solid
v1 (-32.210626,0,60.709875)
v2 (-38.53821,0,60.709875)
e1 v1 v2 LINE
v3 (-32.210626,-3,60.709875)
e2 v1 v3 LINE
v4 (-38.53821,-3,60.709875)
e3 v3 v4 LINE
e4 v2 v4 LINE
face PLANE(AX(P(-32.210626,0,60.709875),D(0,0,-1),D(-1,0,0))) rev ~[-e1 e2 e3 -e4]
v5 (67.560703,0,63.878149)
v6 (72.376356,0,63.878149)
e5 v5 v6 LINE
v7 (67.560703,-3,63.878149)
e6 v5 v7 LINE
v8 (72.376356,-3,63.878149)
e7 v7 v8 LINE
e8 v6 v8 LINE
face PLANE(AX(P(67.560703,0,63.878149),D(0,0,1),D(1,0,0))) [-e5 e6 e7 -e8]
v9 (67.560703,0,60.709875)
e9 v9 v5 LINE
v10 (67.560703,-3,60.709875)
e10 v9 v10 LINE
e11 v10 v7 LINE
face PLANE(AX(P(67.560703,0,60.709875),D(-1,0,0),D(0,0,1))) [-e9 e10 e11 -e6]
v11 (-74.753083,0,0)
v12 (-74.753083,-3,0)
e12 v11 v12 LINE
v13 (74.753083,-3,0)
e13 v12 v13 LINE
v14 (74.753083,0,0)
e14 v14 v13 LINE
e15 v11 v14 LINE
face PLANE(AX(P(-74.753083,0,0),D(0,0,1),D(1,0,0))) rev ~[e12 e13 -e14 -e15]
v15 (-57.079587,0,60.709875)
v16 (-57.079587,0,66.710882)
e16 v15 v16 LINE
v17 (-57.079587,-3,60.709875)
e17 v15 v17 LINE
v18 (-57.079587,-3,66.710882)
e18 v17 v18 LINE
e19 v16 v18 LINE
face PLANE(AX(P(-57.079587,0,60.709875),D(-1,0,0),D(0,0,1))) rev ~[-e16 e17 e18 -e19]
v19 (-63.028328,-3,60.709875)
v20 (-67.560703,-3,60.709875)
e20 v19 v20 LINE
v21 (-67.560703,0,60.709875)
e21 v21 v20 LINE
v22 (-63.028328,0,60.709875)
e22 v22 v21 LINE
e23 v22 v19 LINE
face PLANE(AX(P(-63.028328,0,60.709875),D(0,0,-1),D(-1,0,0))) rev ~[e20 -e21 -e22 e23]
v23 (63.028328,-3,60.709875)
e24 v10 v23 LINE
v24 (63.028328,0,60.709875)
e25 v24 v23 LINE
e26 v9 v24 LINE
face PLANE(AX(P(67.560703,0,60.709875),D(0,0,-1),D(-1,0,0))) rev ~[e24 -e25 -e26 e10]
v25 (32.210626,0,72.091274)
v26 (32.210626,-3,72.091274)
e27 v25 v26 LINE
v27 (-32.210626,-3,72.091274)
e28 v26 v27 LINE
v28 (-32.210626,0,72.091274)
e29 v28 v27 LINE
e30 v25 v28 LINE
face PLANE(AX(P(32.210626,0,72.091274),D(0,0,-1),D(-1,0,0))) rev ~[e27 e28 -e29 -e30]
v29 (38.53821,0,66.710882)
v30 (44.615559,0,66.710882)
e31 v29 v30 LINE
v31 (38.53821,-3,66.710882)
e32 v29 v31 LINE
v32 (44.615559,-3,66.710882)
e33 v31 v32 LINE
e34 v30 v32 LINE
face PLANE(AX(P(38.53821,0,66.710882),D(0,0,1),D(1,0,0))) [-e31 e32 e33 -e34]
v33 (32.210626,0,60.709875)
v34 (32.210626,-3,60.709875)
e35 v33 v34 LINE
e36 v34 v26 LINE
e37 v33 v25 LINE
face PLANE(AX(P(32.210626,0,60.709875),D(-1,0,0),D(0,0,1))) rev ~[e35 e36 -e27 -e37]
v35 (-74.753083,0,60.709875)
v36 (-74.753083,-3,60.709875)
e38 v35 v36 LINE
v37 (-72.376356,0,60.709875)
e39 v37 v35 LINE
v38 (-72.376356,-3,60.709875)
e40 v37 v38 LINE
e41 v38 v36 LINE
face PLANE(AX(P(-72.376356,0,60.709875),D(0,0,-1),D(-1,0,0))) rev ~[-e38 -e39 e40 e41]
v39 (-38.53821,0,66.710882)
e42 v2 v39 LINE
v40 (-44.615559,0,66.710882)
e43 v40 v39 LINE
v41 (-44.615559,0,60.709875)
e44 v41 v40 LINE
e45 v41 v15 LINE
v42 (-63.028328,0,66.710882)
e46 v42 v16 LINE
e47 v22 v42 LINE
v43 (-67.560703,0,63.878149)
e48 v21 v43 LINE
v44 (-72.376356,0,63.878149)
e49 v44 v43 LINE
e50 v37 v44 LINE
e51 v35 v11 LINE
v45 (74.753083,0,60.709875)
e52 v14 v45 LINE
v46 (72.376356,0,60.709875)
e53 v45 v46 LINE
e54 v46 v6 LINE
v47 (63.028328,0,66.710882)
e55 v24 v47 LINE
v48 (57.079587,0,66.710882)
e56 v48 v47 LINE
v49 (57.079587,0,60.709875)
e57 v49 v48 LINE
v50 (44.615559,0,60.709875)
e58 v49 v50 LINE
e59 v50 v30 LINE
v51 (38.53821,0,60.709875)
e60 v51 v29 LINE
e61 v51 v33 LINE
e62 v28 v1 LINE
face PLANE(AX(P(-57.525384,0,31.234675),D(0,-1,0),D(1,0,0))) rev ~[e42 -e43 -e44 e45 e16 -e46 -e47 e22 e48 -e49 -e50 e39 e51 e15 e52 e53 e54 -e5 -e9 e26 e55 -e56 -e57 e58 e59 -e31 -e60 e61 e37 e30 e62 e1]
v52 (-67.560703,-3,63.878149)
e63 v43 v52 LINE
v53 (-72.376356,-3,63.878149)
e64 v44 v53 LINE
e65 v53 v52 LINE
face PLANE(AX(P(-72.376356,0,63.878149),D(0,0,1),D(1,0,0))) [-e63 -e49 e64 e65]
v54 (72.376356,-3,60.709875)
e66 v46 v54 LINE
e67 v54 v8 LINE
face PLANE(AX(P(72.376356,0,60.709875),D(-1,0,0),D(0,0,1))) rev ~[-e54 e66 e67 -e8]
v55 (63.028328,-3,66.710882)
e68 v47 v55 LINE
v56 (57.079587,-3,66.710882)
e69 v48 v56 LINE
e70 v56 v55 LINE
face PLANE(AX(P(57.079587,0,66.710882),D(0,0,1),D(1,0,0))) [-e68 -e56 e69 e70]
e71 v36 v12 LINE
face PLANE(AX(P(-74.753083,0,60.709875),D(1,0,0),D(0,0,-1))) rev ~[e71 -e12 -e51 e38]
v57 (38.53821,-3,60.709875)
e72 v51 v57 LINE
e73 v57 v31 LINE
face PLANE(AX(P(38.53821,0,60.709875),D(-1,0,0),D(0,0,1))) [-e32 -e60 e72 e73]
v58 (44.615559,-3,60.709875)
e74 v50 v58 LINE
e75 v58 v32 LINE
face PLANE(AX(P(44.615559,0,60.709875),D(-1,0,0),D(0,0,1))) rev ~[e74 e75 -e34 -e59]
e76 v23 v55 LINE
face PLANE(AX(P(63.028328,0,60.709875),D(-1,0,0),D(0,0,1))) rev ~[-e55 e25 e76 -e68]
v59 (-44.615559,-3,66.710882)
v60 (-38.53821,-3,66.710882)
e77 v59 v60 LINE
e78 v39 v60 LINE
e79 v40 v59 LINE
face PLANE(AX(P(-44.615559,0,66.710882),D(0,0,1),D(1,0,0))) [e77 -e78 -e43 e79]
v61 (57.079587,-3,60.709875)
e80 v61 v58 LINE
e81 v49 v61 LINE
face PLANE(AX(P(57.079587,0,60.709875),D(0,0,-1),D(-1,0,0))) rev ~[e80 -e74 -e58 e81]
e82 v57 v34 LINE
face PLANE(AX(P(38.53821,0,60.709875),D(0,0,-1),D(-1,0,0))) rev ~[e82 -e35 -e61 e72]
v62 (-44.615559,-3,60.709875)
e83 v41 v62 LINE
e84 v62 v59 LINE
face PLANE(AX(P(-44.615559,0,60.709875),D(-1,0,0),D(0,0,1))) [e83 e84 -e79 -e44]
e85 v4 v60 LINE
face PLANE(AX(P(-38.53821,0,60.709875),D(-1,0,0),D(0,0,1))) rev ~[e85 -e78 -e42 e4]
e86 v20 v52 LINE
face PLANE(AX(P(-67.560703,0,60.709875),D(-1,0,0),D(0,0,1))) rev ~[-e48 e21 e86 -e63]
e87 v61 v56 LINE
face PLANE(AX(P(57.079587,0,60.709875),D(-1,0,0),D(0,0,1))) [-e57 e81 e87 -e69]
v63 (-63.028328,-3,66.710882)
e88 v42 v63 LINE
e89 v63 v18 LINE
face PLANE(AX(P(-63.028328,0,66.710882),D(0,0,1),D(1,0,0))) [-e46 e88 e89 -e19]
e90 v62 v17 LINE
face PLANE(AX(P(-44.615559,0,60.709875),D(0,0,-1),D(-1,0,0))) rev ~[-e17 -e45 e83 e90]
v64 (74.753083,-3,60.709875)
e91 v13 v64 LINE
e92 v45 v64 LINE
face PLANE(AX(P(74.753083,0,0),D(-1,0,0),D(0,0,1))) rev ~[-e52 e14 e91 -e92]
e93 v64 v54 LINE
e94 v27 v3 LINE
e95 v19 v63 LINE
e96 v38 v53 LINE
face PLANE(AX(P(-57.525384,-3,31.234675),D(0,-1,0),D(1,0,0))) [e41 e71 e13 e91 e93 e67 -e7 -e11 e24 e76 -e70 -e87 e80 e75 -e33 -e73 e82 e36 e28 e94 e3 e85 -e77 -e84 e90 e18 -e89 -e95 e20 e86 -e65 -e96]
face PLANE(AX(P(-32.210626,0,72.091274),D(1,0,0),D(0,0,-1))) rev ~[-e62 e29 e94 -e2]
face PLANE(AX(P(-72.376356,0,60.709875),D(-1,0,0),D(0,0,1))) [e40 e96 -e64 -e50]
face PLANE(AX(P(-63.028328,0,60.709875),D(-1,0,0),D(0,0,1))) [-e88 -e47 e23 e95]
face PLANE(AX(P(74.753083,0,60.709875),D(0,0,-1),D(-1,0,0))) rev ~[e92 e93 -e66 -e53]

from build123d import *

# Parameters (mm, degrees)
F0_W     = 4.8156529665
F0_H     = 3.1682737172
F0_W_2   = 13.7903224677
F0_H_2   = 58.3333335817
F0_W_3   = 5.948740989
F0_H_3   = 6.0010068119
F0_W_4   = 7.0766145363
F0_W_5   = 6.0773491859
F1_DEPTH = 3


with BuildPart() as f1:
    # F0 (on Front) → F1 (new body)
    with BuildSketch(Plane.XZ):
        Polygon((-74.7530832887, 60.709875077), (-74.7530832887, 58.3333335817), (-74.7530832887, 0), (-74.5370388031, 0), (-41.4616949856, 0), (-41.4616949856, 58.3333335817), (-38.538210094, 58.3333335817), (-38.538210094, 60.709875077), (-44.6155592799, 60.709875077), (-57.0795871317, 60.709875077), (-63.0283281207, 60.709875077), (-67.5607025623, 60.709875077), (-72.3763555288, 60.709875077), align=None)
        with Locations((-69.9685290456, 62.2940119356)):
            Rectangle(F0_W, F0_H)
        Polygon((-41.4616949856, 58.3333335817), (-41.4616949856, 0), (-34.3850813806, 0), (-34.3850813806, 58.3333335817), (-38.538210094, 58.3333335817), align=None)
        with Locations((-27.4899201468, 29.1666667908)):
            Rectangle(F0_W_2, F0_H_2)
        with Locations((-60.0539576262, 63.7103784829)):
            Rectangle(F0_W_3, F0_H_3)
        with Locations((-17.0564516447, 29.1666667908)):
            Rectangle(F0_W_4, F0_H_2)
        Polygon((-38.538210094, 58.3333335817), (-34.3850813806, 58.3333335817), (-20.5947589129, 58.3333335817), (-13.5181443766, 58.3333335817), (0, 58.3333335817), (13.5181443766, 58.3333335817), (20.5947589129, 58.3333335817), (34.3850813806, 58.3333335817), (38.538210094, 58.3333335817), (38.538210094, 60.709875077), (32.2106257081, 60.709875077), (0, 60.709875077), (-32.2106257081, 60.709875077), (-38.538210094, 60.709875077), align=None)
        Polygon((-13.5181443766, 58.3333335817), (-13.5181443766, 0), (13.5181443766, 0), (13.5181443766, 58.3333335817), (0, 58.3333335817), align=None)
        with Locations((-41.5768846869, 63.7103784829)):
            Rectangle(F0_W_5, F0_H_3)
        with Locations((17.0564516447, 29.1666667908)):
            Rectangle(F0_W_4, F0_H_2)
        Polygon((0, 72.0912739635), (-32.2106257081, 60.709875077), (0, 60.709875077), (32.2106257081, 60.709875077), align=None)
        Polygon((-32.2106257081, 72.0912739635), (-32.2106257081, 60.709875077), (0, 72.0912739635), align=None)
        with Locations((27.4899201468, 29.1666667908)):
            Rectangle(F0_W_2, F0_H_2)
        Polygon((32.2106257081, 72.0912739635), (0, 72.0912739635), (32.2106257081, 60.709875077), align=None)
        Polygon((34.3850813806, 58.3333335817), (34.3850813806, 0), (41.4616949856, 0), (41.4616949856, 58.3333335817), (38.538210094, 58.3333335817), align=None)
        Polygon((41.4616949856, 58.3333335817), (41.4616949856, 0), (74.5370388031, 0), (74.7530832887, 0), (74.7530832887, 58.3333335817), (74.7530832887, 60.709875077), (72.3763555288, 60.709875077), (67.5607025623, 60.709875077), (63.0283281207, 60.709875077), (57.0795871317, 60.709875077), (44.6155592799, 60.709875077), (38.538210094, 60.709875077), (38.538210094, 58.3333335817), align=None)
        with Locations((41.5768846869, 63.7103784829)):
            Rectangle(F0_W_5, F0_H_3)
        with Locations((60.0539576262, 63.7103784829)):
            Rectangle(F0_W_3, F0_H_3)
        with Locations((69.9685290456, 62.2940119356)):
            Rectangle(F0_W, F0_H)
    extrude(amount=F1_DEPTH)


solid = f1.part
